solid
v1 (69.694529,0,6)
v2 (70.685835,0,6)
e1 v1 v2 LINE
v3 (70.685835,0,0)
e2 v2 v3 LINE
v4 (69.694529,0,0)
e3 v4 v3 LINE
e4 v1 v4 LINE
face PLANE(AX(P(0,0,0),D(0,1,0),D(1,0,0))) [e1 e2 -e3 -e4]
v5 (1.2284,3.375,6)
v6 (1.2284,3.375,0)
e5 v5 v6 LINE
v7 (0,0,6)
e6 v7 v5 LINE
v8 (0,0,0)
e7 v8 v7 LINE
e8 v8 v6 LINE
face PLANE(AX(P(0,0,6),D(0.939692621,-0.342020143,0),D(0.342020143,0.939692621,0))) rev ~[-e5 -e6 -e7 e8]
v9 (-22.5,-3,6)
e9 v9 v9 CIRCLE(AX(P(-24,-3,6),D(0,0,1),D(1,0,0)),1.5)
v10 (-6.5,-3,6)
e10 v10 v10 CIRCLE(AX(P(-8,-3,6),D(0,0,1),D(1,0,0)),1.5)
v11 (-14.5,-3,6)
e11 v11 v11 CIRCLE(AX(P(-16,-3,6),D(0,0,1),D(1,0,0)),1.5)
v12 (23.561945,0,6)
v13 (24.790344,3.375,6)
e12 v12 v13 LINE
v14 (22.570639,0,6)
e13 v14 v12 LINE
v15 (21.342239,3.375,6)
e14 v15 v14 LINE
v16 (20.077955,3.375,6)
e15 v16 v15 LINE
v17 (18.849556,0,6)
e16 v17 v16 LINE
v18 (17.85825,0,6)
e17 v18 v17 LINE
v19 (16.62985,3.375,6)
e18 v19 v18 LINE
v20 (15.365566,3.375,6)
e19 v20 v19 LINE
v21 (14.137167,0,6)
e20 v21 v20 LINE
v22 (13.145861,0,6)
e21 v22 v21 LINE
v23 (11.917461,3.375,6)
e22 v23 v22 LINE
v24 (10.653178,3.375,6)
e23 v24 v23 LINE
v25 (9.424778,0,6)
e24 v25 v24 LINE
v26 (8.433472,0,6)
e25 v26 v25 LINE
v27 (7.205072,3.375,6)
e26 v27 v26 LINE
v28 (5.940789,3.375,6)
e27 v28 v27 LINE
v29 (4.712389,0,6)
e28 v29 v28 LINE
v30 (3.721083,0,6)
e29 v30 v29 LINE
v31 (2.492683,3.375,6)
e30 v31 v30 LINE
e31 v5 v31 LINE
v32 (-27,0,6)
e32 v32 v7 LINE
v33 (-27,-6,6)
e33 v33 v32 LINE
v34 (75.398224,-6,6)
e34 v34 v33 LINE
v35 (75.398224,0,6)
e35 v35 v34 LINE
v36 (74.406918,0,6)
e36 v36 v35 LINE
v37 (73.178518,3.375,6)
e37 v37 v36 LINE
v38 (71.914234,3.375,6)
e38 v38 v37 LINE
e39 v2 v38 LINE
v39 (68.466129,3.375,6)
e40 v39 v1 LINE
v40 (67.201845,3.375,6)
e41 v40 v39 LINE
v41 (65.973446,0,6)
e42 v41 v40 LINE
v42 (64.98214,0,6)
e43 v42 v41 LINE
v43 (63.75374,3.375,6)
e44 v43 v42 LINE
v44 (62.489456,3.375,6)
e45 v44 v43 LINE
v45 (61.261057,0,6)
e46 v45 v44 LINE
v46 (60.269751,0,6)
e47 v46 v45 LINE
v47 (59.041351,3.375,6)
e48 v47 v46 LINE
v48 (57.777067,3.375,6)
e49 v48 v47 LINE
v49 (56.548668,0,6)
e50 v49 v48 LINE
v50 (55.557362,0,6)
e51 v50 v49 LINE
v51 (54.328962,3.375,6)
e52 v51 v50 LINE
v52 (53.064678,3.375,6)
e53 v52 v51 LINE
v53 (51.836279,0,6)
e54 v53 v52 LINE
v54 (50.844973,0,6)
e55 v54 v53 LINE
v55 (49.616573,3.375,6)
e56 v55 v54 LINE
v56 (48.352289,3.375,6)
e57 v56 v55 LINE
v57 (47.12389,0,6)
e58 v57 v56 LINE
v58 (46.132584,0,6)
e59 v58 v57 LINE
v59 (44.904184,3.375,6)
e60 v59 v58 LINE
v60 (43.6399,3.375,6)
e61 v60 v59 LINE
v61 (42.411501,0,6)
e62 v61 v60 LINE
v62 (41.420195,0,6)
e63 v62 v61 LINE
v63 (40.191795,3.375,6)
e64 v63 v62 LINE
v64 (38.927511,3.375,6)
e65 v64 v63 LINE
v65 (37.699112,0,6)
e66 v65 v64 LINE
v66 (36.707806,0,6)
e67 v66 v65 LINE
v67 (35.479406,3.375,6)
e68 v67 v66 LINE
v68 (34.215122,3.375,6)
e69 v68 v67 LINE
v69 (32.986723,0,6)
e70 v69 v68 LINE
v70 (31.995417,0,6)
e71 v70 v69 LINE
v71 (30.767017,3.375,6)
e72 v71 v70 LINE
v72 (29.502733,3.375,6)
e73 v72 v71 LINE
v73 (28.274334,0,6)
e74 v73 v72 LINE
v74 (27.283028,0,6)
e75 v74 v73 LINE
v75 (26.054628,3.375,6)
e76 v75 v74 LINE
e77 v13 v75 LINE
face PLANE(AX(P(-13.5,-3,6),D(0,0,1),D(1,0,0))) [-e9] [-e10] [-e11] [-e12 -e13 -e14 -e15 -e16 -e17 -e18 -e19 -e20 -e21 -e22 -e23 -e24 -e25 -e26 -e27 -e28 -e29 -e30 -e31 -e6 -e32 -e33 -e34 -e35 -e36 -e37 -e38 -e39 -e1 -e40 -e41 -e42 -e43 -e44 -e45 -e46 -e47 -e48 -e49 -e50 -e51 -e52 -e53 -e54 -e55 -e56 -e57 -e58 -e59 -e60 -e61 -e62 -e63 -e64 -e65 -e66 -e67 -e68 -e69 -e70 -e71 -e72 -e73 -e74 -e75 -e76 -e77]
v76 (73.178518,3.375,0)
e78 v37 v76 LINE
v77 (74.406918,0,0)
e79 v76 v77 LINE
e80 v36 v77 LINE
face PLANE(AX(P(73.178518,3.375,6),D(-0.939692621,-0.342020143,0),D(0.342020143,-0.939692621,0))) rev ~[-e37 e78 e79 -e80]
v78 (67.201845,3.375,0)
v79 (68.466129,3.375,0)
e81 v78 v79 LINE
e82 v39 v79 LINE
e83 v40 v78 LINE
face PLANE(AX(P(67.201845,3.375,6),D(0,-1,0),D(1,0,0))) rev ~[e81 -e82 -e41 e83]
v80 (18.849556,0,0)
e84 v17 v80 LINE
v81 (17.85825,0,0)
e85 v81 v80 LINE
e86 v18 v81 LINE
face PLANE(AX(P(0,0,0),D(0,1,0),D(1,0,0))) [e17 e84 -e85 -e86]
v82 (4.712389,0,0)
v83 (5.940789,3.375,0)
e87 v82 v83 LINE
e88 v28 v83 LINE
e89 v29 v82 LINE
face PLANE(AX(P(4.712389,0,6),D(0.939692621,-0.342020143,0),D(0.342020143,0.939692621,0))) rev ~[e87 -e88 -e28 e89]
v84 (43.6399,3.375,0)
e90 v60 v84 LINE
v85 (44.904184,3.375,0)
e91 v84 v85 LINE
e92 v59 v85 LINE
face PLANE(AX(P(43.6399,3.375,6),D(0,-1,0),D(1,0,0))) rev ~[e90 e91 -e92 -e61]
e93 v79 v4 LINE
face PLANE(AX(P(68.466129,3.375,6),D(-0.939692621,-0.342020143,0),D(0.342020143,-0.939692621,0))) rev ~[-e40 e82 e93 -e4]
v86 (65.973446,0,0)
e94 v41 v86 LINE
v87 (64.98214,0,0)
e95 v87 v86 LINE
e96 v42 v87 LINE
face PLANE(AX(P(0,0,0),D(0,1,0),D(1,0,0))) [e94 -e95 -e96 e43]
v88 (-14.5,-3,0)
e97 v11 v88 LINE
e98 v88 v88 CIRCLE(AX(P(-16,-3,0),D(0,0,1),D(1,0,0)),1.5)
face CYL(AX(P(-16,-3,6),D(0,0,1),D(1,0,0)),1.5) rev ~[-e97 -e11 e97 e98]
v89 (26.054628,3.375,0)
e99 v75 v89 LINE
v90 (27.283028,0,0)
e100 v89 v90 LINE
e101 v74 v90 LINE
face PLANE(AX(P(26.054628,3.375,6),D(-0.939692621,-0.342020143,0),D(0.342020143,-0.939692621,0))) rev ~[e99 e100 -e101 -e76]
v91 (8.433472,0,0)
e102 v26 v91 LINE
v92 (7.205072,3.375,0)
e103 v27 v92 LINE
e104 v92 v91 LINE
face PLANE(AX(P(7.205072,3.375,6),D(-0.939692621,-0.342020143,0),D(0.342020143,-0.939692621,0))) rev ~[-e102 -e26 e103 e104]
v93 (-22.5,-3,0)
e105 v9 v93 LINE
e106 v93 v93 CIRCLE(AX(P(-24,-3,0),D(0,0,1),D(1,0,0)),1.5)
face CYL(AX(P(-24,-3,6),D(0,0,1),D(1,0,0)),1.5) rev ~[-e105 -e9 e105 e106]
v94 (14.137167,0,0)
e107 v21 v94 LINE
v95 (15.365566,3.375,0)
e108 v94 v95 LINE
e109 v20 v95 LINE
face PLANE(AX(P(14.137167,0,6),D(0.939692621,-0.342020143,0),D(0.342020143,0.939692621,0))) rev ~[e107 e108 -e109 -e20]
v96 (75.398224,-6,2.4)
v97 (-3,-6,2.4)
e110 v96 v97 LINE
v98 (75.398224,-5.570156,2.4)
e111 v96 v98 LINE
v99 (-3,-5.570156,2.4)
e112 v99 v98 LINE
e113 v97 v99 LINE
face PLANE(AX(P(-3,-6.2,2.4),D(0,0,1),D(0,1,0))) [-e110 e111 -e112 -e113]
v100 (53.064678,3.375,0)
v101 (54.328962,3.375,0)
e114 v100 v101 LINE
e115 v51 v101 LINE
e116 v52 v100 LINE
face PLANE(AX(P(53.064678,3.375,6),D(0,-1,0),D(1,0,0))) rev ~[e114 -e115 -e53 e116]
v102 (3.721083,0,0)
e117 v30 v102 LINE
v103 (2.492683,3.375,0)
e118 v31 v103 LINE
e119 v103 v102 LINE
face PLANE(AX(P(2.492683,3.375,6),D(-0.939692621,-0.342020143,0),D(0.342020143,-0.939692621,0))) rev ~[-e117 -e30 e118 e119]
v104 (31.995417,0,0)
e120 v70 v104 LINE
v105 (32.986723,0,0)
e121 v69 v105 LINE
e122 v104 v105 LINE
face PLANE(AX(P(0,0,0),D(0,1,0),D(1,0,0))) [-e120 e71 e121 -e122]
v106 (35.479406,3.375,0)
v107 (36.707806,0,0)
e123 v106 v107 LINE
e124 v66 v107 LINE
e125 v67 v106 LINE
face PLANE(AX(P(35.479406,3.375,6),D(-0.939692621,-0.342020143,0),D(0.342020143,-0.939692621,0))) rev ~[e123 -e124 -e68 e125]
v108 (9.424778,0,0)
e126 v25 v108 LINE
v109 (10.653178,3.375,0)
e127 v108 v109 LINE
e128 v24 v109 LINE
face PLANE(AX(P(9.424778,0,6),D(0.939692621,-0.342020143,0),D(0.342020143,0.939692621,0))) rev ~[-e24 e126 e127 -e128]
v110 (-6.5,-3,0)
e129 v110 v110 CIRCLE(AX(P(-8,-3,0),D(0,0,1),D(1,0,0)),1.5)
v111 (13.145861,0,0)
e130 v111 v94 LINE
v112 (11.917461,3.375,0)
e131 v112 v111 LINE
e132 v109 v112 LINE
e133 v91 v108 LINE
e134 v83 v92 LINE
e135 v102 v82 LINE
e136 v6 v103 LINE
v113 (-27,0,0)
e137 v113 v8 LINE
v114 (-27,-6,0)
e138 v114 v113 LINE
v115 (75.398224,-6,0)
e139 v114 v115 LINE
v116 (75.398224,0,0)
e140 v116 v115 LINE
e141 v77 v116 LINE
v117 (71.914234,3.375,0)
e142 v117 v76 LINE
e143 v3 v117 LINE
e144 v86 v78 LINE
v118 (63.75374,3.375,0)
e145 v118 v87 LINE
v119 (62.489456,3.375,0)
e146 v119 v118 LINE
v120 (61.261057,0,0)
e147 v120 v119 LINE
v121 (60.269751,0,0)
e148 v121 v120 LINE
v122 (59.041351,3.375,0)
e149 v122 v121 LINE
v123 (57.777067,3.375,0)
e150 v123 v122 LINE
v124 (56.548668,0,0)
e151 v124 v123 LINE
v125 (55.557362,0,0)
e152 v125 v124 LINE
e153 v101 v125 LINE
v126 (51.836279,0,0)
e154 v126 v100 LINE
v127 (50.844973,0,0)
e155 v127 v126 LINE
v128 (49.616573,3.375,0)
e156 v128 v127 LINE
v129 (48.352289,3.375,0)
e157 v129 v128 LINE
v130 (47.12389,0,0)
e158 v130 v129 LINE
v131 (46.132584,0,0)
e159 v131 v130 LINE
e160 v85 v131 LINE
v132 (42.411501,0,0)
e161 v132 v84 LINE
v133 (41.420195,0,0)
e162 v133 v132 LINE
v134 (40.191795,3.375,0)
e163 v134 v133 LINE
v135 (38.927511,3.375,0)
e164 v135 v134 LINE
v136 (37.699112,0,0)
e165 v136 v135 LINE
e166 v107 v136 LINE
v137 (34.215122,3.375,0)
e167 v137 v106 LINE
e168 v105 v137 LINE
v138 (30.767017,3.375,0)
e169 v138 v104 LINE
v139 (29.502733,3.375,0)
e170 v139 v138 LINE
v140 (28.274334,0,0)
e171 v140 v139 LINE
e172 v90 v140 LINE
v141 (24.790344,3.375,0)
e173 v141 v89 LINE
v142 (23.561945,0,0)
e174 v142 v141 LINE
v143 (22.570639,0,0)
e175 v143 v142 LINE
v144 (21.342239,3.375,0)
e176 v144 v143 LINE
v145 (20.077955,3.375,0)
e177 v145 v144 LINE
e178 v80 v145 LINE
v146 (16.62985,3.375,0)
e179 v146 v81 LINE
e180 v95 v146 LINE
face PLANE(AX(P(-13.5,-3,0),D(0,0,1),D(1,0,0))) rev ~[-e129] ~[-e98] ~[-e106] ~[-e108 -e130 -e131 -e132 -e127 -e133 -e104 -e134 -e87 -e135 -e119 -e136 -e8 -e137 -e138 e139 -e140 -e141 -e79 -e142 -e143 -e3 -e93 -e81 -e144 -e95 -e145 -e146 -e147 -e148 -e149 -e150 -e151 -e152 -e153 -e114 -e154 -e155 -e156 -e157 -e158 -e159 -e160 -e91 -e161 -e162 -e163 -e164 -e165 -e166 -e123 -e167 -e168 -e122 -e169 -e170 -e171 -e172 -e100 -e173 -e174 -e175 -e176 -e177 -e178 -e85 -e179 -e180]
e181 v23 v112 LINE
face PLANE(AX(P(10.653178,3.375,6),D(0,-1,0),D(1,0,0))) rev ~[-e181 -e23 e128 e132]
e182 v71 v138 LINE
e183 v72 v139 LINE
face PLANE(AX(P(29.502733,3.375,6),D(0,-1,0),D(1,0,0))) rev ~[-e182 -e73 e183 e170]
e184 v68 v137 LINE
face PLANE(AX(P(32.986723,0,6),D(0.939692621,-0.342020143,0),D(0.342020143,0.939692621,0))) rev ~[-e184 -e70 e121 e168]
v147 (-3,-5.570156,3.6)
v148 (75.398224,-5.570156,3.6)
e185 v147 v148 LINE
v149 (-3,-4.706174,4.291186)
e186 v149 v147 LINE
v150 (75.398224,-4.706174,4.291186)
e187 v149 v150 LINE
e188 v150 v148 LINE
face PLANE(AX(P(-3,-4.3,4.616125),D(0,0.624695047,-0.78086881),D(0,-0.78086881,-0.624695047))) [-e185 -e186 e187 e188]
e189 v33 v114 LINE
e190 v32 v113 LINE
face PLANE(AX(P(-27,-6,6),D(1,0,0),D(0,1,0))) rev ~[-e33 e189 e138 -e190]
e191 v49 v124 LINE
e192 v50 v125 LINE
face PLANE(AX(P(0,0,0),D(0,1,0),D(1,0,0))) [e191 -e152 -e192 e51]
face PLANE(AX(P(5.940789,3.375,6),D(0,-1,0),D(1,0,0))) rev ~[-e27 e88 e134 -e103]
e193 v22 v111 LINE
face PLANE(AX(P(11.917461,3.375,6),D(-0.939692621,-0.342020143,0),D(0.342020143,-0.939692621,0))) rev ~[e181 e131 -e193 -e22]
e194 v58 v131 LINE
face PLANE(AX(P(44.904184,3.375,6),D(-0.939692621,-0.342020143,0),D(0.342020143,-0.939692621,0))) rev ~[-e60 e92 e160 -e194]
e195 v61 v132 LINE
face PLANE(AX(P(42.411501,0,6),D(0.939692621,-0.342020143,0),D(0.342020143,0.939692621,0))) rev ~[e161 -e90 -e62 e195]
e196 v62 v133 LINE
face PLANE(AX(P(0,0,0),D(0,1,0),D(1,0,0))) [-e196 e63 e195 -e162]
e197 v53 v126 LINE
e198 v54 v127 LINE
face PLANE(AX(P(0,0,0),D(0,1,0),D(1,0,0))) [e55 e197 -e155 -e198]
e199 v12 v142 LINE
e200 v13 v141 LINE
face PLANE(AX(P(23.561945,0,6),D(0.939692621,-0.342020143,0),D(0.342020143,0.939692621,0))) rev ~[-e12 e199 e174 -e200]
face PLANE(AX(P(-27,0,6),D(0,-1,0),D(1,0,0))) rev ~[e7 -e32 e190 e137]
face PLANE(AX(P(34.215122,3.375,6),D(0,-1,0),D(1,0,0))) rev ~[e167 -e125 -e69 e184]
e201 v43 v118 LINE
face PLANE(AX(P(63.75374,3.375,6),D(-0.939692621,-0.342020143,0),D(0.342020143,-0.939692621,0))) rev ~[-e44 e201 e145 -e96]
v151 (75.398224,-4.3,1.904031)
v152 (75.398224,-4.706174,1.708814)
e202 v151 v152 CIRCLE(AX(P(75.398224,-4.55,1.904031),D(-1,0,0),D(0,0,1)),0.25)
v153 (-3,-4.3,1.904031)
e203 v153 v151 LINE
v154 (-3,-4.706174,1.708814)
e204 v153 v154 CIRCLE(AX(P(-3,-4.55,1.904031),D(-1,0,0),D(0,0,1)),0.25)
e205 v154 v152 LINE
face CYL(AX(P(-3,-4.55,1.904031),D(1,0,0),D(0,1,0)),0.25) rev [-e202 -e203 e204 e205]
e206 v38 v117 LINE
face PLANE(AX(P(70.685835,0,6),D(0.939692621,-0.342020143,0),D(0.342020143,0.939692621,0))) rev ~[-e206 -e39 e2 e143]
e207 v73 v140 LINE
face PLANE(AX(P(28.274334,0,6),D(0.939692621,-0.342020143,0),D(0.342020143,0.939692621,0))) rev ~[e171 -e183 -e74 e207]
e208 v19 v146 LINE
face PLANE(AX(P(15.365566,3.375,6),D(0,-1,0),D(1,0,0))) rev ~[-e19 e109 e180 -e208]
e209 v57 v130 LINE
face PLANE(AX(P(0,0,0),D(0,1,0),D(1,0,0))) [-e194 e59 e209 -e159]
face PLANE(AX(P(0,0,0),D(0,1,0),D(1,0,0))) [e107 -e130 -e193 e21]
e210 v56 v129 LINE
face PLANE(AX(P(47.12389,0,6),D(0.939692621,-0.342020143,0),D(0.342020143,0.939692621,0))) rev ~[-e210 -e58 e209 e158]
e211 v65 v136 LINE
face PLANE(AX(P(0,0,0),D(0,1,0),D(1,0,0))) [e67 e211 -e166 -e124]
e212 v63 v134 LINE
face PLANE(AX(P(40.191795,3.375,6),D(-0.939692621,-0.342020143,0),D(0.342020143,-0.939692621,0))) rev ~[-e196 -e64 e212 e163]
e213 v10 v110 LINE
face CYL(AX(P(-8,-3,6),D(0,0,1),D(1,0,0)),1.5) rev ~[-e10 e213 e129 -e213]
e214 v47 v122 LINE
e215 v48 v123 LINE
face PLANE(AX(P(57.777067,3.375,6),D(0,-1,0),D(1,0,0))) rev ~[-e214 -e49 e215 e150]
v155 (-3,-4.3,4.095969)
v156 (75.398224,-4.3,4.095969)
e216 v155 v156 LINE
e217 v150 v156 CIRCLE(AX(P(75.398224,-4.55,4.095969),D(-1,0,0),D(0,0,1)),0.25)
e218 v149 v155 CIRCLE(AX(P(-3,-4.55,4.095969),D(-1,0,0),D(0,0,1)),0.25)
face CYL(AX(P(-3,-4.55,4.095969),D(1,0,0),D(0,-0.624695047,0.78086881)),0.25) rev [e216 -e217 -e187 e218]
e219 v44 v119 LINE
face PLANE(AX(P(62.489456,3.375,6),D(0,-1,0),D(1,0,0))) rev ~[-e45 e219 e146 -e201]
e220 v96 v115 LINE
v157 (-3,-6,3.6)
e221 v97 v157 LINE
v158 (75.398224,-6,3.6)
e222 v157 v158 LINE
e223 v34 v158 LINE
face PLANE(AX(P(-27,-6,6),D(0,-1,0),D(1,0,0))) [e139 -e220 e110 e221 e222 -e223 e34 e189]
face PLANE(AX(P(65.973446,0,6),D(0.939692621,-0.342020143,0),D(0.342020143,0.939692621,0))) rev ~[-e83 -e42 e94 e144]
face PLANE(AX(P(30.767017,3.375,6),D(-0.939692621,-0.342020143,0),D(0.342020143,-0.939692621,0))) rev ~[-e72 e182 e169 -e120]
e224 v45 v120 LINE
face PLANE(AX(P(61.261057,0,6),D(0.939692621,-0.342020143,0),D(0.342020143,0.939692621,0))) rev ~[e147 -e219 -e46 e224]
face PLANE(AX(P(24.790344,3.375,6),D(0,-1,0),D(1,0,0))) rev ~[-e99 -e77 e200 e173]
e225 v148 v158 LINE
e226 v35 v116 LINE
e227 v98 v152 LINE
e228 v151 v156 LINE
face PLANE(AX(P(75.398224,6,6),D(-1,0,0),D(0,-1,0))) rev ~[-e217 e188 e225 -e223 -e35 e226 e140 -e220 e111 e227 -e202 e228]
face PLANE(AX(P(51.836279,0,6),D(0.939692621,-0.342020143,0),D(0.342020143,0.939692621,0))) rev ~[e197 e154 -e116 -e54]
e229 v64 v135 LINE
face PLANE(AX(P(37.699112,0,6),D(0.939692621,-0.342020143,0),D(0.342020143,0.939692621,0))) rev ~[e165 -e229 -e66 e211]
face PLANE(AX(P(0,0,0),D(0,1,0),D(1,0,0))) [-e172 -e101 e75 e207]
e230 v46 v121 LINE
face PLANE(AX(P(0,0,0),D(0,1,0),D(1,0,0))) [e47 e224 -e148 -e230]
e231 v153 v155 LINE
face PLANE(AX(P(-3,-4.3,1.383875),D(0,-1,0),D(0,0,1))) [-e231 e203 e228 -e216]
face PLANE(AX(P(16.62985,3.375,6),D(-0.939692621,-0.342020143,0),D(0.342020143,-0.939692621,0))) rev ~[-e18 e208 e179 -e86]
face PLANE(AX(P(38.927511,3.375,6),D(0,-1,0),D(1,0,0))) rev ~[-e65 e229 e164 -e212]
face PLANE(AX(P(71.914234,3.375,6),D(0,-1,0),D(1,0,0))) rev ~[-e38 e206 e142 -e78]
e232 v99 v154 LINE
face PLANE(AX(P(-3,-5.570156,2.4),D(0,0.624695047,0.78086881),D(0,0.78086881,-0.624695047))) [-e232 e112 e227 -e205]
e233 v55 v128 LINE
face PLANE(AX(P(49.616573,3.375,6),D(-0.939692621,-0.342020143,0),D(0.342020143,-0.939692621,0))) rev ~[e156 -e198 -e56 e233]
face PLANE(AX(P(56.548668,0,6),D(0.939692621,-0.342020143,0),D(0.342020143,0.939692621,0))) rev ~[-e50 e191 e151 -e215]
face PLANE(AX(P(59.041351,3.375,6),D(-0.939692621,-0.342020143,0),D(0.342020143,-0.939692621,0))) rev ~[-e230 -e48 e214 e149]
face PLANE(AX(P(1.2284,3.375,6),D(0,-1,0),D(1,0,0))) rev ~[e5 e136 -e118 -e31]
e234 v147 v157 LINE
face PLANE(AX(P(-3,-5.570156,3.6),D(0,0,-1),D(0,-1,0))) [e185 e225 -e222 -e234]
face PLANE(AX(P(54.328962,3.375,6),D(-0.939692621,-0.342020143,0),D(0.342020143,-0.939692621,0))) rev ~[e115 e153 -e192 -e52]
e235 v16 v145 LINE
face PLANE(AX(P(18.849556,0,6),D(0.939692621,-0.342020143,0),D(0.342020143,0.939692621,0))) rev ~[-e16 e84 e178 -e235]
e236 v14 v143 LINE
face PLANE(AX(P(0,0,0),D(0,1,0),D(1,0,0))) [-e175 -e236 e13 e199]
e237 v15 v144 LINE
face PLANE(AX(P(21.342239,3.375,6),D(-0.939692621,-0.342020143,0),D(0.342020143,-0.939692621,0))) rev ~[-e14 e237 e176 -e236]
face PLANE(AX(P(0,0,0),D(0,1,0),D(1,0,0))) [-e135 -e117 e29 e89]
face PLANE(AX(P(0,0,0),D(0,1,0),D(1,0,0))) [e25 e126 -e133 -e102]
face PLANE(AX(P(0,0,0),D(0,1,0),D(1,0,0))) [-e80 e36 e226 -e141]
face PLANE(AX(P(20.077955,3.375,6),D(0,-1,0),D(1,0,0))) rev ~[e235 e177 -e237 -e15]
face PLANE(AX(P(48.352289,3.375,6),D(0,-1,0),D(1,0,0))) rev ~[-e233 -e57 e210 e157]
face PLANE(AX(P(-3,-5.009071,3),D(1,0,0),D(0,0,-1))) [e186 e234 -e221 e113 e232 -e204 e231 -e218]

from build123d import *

# Parameters (mm, degrees)
SKETCH_1_W             = 94.247779608
SKETCH_1_H             = 6
EXTRUDE_1_DEPTH        = 6
EXTRUDE_2_DEPTH        = 6
PATTERN_LINEAR_1_COUNT = 20
PATTERN_LINEAR_1_PITCH = 4.71238898
SKETCH_4_W             = 27
SKETCH_4_H             = 6
SKETCH_4_R             = 1.5
EXTRUDE_1_2_DEPTH      = 6
CUT_EXTRUDE_1_DEPTH    = 10
CUT_EXTRUDE_START      = -24
CUT_EXTRUDE_2_DEPTH    = 79.74919082
FILLET_1_R             = 0.25


with BuildPart() as part:
    # 草图1 → Extrude 1 (new body)
    with BuildSketch(Plane.XY):
        with Locations((47.123889804, -3)):
            Rectangle(SKETCH_1_W, SKETCH_1_H)
    extrude(amount=EXTRUDE_1_DEPTH)

    # 草图2 → 拉伸2 (add)
    with BuildSketch(Plane.XY.offset(6)):
        Polygon((0, 0), (1.228399541, 3.375), (2.492683328, 3.375), (3.721082869, 0), align=None)
    extrude_2 = extrude(amount=-EXTRUDE_2_DEPTH)

    # 阵列(线性)1: 拉伸2 ×20
    with Locations(*[(i * PATTERN_LINEAR_1_PITCH, 0, 0) for i in range(1, PATTERN_LINEAR_1_COUNT)]):
        add(extrude_2)

    # 草图4 → Extrude 1 2 (add)
    with BuildSketch(Plane.XY.offset(6)):
        with Locations((-13.5, -3)):
            Rectangle(SKETCH_4_W, SKETCH_4_H)
        with Locations((-24, -3)):
            Circle(SKETCH_4_R, mode=Mode.SUBTRACT)
        with Locations((-16, -3)):
            Circle(SKETCH_4_R, mode=Mode.SUBTRACT)
        with Locations((-8, -3)):
            Circle(SKETCH_4_R, mode=Mode.SUBTRACT)
    extrude(amount=-EXTRUDE_1_2_DEPTH)

    # 草图5 → 切除-拉伸1 (cut)
    with BuildSketch(Plane.XY.offset(6)):
        Polygon((94.247779608, -6), (94.247779608, 6), (75.398223686, 6), (75.398223686, 0), (75.398223686, -6), align=None)
    extrude(amount=-CUT_EXTRUDE_1_DEPTH, mode=Mode.SUBTRACT)

    # 草图6 → 切除-拉伸2 (cut, through all)
    with BuildSketch(Plane.ZY.offset(27).offset(CUT_EXTRUDE_START)):
        Polygon((2.4, -5.570156212), (1.383875031, -4.3), (4.616124969, -4.3), (3.6, -5.570156212), (3.6, -6.2), (2.4, -6.2), align=None)
    extrude(amount=-CUT_EXTRUDE_2_DEPTH, mode=Mode.SUBTRACT)

    # 圆角1
    fillet_1_edges = [part.edges().sort_by_distance(p)[0] for p in [
        (36.199111843, -4.3, 1.383875031),
        (36.199111843, -4.3, 4.616124969),
    ]]
    fillet(fillet_1_edges, radius=FILLET_1_R)


solid = part.part
